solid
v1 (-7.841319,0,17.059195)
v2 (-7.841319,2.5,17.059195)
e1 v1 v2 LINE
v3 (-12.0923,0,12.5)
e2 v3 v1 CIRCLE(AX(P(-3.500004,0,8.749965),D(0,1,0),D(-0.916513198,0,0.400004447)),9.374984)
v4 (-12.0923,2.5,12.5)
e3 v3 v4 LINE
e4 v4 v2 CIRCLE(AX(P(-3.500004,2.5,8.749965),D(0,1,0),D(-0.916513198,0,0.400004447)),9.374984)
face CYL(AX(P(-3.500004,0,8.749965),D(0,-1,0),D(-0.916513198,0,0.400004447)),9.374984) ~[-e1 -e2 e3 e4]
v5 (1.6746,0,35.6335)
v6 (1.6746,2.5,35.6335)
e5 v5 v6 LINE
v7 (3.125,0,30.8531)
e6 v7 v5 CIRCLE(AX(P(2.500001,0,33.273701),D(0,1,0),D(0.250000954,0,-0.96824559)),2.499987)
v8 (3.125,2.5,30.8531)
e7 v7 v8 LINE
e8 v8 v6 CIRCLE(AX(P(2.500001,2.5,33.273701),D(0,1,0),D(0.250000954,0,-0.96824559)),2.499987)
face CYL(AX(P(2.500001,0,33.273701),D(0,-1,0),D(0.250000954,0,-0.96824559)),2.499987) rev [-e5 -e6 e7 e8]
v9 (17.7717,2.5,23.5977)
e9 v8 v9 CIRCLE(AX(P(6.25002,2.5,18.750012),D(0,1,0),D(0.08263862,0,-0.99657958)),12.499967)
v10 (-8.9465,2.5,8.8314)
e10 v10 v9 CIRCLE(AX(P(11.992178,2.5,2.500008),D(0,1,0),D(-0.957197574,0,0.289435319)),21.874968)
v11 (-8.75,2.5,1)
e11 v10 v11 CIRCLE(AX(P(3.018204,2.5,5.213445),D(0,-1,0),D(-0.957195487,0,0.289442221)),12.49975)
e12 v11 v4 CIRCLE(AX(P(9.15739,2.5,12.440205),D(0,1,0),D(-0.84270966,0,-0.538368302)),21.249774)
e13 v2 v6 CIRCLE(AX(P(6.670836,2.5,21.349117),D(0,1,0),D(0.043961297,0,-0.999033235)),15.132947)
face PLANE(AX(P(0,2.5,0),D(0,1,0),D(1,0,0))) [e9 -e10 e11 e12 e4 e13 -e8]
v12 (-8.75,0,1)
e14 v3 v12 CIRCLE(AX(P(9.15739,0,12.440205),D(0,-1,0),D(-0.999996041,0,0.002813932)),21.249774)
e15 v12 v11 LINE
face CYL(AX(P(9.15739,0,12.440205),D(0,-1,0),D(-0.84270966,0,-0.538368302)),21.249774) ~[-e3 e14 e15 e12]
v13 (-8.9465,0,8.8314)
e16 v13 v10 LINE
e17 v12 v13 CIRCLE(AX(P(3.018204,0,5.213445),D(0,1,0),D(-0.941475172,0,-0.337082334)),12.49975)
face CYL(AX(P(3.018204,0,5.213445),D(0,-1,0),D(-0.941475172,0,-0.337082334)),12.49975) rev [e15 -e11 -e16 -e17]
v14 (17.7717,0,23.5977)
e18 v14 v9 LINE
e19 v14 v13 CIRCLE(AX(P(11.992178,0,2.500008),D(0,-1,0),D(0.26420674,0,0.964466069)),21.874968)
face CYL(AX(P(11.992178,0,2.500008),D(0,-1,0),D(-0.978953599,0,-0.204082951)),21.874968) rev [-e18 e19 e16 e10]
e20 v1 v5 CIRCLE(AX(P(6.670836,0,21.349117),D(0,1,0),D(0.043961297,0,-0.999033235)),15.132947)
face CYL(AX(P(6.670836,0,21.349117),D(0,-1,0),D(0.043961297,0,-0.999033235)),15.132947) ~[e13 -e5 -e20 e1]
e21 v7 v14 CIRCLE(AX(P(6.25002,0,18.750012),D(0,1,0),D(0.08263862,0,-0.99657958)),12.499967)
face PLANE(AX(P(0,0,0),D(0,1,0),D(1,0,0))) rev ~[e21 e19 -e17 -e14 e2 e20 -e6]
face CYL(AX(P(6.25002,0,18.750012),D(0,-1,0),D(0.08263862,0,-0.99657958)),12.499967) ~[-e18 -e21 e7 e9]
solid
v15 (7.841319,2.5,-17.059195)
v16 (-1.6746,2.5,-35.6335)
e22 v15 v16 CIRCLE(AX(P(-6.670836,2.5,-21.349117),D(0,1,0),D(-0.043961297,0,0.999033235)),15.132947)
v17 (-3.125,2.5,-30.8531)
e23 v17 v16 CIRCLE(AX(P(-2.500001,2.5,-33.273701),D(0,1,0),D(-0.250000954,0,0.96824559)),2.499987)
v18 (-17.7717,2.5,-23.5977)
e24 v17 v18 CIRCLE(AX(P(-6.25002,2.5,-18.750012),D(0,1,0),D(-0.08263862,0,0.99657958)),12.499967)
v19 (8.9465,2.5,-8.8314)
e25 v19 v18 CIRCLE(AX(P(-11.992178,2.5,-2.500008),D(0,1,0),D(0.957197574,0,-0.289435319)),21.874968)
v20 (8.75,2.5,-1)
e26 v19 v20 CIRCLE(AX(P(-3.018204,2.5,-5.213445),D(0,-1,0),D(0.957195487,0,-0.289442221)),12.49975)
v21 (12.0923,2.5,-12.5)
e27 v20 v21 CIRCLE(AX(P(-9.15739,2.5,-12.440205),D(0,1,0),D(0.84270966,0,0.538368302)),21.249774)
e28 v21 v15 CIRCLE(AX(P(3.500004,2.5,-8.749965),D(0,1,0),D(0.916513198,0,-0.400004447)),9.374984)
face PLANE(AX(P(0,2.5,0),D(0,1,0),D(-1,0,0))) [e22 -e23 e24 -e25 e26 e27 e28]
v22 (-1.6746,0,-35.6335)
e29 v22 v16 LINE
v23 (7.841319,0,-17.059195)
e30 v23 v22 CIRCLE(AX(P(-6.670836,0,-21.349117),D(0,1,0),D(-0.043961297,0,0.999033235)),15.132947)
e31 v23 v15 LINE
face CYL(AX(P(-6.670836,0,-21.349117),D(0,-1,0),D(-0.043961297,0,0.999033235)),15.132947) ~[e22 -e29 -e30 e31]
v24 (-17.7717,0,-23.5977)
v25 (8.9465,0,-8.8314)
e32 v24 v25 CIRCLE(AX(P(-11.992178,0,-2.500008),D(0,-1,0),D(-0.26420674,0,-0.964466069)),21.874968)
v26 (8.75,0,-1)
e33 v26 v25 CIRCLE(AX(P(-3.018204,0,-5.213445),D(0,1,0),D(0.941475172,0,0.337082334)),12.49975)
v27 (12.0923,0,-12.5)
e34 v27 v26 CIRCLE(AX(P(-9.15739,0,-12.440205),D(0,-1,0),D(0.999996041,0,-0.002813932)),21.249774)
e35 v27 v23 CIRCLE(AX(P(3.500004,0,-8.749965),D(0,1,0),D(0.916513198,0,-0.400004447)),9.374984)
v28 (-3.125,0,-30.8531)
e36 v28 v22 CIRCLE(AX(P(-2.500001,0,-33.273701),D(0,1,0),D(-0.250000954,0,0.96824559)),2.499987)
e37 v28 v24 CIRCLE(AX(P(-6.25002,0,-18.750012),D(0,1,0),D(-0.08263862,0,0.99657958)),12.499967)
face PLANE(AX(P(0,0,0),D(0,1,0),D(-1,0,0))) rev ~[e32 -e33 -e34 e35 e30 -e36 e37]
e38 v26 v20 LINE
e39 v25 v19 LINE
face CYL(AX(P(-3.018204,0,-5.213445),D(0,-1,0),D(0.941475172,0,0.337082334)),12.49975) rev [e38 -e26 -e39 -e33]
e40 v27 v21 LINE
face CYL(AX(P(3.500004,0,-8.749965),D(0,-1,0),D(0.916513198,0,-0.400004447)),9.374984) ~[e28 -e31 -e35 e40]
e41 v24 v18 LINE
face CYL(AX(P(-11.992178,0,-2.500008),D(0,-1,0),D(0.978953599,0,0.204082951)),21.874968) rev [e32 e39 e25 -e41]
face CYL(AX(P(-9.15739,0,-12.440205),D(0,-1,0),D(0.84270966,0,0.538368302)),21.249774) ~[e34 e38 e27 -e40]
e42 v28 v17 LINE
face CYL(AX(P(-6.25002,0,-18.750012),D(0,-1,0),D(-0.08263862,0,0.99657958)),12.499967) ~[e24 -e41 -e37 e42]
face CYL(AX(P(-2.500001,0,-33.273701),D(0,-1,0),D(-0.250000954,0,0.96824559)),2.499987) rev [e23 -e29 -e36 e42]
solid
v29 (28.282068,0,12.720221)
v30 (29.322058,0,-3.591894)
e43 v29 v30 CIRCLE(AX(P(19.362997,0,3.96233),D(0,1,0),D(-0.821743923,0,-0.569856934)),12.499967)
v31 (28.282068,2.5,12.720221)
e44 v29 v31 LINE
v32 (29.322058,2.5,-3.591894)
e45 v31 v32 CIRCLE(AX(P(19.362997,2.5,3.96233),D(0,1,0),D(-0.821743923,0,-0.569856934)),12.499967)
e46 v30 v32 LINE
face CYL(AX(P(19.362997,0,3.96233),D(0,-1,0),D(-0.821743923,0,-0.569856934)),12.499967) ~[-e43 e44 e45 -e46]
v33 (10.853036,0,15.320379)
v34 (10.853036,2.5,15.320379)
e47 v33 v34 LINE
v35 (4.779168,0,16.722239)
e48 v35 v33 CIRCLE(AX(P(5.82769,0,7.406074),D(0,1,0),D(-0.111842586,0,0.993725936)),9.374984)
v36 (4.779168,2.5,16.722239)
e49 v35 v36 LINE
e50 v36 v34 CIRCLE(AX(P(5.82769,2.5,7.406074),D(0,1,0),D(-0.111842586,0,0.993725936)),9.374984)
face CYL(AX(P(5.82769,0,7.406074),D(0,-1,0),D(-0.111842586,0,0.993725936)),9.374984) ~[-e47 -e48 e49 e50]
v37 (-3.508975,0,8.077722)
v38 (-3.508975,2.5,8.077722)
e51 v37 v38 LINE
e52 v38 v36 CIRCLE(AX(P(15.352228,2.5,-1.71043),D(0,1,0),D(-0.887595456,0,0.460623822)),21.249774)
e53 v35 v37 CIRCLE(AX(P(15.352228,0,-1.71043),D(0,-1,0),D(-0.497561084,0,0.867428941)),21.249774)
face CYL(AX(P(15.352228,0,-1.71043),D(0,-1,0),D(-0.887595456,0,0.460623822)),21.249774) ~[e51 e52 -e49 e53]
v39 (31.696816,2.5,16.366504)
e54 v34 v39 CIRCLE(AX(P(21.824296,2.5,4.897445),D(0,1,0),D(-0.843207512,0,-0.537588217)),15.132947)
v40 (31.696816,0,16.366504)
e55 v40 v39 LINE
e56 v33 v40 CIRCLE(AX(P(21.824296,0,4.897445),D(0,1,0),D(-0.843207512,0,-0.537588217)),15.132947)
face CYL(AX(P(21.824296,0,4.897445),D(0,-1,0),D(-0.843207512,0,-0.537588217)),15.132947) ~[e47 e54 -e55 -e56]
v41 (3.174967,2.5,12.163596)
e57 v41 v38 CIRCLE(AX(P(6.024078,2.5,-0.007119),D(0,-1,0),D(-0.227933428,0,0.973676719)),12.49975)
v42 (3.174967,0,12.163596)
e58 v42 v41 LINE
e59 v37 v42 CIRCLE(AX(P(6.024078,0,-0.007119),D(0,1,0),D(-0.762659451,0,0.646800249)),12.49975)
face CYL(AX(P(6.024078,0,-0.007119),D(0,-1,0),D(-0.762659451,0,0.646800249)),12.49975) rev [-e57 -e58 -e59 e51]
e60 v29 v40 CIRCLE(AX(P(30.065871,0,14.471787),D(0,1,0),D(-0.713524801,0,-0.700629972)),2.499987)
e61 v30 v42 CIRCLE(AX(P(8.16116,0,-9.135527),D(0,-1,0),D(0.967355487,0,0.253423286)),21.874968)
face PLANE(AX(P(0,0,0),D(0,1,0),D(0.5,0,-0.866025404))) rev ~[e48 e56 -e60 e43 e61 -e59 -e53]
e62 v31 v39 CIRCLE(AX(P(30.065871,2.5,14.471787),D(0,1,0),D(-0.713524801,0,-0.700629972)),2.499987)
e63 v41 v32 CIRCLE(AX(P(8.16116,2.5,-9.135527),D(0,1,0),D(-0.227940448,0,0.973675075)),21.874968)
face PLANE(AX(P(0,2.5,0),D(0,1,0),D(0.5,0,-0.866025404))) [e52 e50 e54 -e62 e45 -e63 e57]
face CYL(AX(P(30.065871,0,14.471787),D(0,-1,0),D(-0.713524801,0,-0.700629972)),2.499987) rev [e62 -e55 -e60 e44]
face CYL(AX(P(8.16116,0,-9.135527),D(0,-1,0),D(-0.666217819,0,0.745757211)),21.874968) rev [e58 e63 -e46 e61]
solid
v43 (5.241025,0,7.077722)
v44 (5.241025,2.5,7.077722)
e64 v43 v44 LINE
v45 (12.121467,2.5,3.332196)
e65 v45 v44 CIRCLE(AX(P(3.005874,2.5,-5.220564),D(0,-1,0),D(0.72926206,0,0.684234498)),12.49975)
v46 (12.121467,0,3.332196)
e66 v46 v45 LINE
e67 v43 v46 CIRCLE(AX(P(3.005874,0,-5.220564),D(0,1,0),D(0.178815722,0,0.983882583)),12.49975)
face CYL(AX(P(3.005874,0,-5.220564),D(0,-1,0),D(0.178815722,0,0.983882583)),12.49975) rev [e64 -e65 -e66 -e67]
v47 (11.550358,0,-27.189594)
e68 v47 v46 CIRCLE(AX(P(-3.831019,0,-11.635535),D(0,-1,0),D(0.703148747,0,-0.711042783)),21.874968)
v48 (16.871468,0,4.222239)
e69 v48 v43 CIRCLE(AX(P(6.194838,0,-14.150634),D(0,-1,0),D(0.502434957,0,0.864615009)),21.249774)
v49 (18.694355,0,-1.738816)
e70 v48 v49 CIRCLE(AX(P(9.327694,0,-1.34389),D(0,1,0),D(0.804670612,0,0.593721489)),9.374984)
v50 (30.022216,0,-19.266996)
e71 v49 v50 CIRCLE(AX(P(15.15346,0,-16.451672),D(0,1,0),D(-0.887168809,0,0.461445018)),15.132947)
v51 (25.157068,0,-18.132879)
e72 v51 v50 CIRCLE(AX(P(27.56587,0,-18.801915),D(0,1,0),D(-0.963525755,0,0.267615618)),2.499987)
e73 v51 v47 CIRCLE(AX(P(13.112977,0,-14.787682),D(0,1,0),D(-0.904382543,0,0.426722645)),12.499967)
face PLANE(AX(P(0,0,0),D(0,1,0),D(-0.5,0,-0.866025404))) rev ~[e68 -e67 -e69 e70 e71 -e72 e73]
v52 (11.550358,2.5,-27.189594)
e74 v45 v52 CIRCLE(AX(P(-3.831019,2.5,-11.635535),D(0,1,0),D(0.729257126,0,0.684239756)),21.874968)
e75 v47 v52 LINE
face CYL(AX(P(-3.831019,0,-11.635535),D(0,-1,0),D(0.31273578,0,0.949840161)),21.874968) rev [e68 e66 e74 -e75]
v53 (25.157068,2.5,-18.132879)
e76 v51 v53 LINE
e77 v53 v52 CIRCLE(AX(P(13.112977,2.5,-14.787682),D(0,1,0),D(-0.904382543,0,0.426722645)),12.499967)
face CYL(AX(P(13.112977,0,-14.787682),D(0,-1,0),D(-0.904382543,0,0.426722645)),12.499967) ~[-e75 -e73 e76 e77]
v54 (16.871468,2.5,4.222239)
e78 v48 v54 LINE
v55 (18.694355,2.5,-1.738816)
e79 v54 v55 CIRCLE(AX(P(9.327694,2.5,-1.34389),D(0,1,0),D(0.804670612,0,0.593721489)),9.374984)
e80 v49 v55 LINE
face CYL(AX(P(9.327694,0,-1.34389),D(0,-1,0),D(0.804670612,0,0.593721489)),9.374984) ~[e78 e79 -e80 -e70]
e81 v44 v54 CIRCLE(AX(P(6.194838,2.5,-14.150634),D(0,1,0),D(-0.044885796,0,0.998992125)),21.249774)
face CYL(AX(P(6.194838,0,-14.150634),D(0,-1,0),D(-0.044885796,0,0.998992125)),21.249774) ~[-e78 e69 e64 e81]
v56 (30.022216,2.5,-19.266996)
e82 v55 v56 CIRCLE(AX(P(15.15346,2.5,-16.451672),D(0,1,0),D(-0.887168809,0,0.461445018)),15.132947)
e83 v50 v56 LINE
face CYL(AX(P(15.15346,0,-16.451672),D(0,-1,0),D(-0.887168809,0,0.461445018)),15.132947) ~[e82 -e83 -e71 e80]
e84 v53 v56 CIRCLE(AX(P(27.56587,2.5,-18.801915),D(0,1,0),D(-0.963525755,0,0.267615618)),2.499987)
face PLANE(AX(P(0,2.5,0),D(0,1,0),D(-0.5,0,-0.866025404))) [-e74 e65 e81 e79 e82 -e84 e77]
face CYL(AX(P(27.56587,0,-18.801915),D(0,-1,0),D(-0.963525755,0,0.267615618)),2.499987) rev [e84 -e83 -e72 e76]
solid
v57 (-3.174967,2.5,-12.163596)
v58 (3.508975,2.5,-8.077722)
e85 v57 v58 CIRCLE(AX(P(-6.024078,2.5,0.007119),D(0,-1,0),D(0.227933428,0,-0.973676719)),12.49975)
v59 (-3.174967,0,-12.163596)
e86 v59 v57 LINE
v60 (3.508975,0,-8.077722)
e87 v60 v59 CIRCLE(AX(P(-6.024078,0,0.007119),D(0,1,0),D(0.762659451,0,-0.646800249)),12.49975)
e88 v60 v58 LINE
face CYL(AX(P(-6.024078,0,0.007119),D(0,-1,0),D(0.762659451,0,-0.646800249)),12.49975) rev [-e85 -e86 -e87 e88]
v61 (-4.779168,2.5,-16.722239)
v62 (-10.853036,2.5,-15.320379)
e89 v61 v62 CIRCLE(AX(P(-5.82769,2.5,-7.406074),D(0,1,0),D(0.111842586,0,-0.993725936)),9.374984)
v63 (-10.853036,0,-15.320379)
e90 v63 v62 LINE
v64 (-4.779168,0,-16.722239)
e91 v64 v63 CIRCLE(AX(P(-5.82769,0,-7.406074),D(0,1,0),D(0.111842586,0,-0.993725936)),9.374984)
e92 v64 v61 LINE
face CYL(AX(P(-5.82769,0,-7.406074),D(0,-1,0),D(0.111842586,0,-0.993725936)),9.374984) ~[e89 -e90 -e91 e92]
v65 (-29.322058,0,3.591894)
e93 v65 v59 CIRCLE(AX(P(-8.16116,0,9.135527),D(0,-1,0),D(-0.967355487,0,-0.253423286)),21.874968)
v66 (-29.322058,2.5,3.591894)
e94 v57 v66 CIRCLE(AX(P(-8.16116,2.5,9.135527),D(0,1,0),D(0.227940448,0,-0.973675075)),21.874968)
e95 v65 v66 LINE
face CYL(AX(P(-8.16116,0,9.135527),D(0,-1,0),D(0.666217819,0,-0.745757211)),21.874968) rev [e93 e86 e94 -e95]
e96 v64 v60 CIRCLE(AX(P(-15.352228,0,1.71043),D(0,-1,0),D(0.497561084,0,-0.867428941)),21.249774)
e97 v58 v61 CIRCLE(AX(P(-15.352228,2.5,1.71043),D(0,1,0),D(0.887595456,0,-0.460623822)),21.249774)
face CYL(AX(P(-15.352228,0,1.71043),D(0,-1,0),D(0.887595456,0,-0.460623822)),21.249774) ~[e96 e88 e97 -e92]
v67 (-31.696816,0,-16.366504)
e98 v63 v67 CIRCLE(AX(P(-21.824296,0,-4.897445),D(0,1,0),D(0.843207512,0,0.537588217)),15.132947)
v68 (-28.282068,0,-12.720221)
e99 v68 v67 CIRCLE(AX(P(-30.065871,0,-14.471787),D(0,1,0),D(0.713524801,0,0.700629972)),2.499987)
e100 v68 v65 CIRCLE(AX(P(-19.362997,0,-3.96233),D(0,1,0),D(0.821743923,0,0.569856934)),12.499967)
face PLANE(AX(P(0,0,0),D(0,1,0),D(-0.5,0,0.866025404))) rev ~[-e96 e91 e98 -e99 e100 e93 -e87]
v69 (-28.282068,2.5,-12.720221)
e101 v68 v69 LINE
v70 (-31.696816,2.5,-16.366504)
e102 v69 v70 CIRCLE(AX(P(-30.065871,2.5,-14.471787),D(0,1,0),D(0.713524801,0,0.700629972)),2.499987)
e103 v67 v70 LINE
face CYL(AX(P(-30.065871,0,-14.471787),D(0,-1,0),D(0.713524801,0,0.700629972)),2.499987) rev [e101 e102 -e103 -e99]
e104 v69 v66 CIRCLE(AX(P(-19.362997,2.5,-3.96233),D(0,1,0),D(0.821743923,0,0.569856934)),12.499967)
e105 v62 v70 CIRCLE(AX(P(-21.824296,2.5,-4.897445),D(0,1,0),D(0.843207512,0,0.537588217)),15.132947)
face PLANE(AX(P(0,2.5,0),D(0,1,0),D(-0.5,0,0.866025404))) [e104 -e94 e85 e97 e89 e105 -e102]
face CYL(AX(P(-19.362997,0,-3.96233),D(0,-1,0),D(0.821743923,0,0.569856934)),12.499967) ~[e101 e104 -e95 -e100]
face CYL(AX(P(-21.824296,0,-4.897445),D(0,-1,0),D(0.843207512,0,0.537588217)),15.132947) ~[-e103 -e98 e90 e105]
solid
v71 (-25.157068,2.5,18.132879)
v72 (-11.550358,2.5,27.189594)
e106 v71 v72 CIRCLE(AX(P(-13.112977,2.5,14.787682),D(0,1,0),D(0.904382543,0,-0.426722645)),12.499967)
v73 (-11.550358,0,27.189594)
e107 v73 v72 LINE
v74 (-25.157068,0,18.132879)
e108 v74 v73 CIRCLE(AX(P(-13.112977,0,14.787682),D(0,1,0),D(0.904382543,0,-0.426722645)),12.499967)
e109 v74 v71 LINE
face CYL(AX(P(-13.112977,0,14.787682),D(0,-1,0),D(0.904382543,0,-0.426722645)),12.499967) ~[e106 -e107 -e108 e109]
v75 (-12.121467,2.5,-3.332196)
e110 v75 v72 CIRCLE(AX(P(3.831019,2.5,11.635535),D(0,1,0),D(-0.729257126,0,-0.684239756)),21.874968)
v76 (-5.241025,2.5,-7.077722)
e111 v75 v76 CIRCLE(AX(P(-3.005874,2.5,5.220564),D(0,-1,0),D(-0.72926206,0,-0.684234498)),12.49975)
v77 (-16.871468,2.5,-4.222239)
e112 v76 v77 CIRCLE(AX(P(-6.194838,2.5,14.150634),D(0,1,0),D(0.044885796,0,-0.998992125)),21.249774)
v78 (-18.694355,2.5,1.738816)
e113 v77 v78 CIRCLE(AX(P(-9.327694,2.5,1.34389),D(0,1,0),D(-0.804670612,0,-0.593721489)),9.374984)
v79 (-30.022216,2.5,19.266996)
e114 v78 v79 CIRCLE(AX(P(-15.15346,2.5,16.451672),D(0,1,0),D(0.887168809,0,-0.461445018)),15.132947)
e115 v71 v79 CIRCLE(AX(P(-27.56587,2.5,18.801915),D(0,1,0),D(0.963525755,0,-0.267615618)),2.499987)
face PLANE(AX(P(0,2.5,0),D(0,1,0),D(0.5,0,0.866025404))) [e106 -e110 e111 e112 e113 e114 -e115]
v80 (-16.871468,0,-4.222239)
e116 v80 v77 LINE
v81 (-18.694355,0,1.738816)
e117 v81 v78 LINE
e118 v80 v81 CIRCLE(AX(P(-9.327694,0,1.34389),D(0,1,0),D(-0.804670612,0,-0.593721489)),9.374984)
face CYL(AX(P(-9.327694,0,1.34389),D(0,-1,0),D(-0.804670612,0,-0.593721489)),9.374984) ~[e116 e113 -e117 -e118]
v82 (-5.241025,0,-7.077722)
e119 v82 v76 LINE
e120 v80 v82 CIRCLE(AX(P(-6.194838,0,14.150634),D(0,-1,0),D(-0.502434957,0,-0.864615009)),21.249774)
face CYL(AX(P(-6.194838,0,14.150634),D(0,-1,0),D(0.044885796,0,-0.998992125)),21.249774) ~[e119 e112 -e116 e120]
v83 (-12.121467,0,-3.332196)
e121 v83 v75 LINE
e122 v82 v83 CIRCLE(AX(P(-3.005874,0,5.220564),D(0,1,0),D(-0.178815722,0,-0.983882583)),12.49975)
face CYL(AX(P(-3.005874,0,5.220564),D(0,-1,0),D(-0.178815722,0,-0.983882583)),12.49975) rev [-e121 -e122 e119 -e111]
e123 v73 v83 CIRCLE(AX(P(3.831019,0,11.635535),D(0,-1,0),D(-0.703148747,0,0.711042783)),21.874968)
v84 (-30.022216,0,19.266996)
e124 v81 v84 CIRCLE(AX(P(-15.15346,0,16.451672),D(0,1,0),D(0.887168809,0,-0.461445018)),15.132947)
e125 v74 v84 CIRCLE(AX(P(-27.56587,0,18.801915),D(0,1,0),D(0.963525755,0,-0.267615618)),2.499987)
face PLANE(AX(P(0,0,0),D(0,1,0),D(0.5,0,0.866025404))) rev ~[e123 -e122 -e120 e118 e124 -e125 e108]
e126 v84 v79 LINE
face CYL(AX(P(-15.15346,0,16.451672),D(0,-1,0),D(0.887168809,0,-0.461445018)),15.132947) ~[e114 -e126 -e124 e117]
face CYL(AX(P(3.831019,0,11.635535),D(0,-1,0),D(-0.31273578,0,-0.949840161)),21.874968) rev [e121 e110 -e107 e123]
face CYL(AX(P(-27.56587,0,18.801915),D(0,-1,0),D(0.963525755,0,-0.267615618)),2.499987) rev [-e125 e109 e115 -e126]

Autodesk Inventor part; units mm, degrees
ref_plane "YZ Plane" through (0, 0, 0) normal (1, 0, 0) x (0, 1, 0)
ref_plane "XZ Plane" through (0, 0, 0) normal (0, 1, 0) x (-1, 0, 0)
sketch "スケッチ1" plane through (0, 0, 0) normal (0, 1, 0) x (-1, 0, 0)
  circle A0 centre (0, 0) radius 37.5 construction
  arc A1 (-9.4224, 1.9643) -> (7.3361, -6.2308) centre (0, 0) ccw
  arc A2 (-9.4224, 1.9643) -> (21.7871, -22.0595) centre (11.9922, -2.5) ccw
  arc A3 (7.3361, -6.2308) -> (21.7871, -22.0595) centre (6.6708, -21.3491) ccw
  arc A4 (3.125, -30.8531) -> (1.6746, -35.6335) centre (2.5, -33.2737) ccw
  arc A5 (7.283, -6.2928) -> (17.7717, -23.5977) centre (6.25, -18.75) ccw
  arc A6 (-12.0923, -12.5) -> (-9.8739, -1.8751) centre (-3.5, -8.75) ccw
  arc A7 (-8.75, -1) -> (-8.9465, -8.8314) centre (3.0185, -5.2135) ccw
  arc A8 (-8.75, -1) -> (-12.0923, -12.5) centre (9.1576, -12.4403) ccw
  point P0 (-7.8413, -17.0592)
  point P1 (6.6984, -142.534)
  point P2 (12.5, -123.4123)
  point P3 (71.0869, -94.3908)
  point P4 (-3.3189, -18.1233)
  point P5 (-6.2079, -17.7254)
  point P6 (-5.7595, -15.2826)
  point P7 (-39.4956, -7.5004)
  point P8 (87.1485, -88.2381)
  point P9 (5.5379, -6.2586)
  point P10 (-6.5853, -14.0496)
  point P11 (4.252, -6.4107)
  point P12 (5.5411, -6.2701)
  point P13 (-9.5, -1.5464)
  point P14 (-2.0507, -9.404)
  point P15 (63.4693, -48.0608)
  point P16 (-9.2313, -2.7247)
  point P17 (-9.397, -2.0823)
  point P18 (-9.8772, -2.9937)
  point P19 (-36.7334, -7.086)
  point P20 (-37.6897, 7.8571)
  point P21 (-35.7696, -6.328)
  point P22 (5.8128, -7.6715)
  point P23 (-2.4835, -9.2991)
  dimension "d0" = 75
  dimension "d1" = 19.25
  dimension "d7" = 5
  dimension "d9" = 6.25
  dimension "d10" = 18.75
  dimension "d11" = 25
  dimension "d13" = 18.75
  dimension "d15" = 8.75
  dimension "d16" = 3.5
  dimension "d17" = 2.5
  dimension "d18" = 2.5
  dimension "d19" = 43.75
  dimension "d20" = 8.75
  dimension "d21" = 1
  dimension "d23" = 3.75
  dimension "d24" = 21.25
  dimension "d25" = 12.5
extrude "押し出し1" add sketch "スケッチ1" along normal blind 2.5 contours A6 A5 A2 | A2 A5 A6 | A5 A6 A3 A2 | A5 A4 A3 A6 | A8 A7 A1 | A1 A7 A2 A8 | A3 A6 A8 A2
pattern_circular "円形状パターン1" count 6 over 360 about axis through (0, -10, 0) along (0, 1, 0) of "押し出し1"
sketch "スケッチ2" plane through (3.831, 2.5, 11.6355) normal (0, 1, 0) x (0.9998, 0, -0.0187)
  line L0 (-9.232, 3.8908) -> (-13.1897, 12.6644)
  line L1 (-13.1897, 12.6644) -> (-7.5705, 20.4788)
  line L2 (-7.5705, 20.4788) -> (2.0066, 19.5195)
  line L3 (2.0066, 19.5195) -> (5.9644, 10.7459)
  line L4 (5.9644, 10.7459) -> (0.3451, 2.9315)
  line L5 (0.3451, 2.9315) -> (-9.232, 3.8908)
  circle A0 centre (-3.6127, 11.7052) radius 9.625
  point P0 (-7.2722, 3.6945)
  point P1 (-12.3798, 10.8691)
  point P2 (-8.7204, 18.8797)
  point P3 (0.0468, 19.7158)
  point P4 (5.1545, 12.5413)
  point P5 (1.495, 4.5306)
  dimension "d27" = 19.25
ref_plane "作業平面1" through (4.1212, 2.5, 8.698) normal (0.081, 0, -0.9967) x (-0.9967, 0, -0.081)
equation "\"r\" = 75"
properties part number "LOGO"
